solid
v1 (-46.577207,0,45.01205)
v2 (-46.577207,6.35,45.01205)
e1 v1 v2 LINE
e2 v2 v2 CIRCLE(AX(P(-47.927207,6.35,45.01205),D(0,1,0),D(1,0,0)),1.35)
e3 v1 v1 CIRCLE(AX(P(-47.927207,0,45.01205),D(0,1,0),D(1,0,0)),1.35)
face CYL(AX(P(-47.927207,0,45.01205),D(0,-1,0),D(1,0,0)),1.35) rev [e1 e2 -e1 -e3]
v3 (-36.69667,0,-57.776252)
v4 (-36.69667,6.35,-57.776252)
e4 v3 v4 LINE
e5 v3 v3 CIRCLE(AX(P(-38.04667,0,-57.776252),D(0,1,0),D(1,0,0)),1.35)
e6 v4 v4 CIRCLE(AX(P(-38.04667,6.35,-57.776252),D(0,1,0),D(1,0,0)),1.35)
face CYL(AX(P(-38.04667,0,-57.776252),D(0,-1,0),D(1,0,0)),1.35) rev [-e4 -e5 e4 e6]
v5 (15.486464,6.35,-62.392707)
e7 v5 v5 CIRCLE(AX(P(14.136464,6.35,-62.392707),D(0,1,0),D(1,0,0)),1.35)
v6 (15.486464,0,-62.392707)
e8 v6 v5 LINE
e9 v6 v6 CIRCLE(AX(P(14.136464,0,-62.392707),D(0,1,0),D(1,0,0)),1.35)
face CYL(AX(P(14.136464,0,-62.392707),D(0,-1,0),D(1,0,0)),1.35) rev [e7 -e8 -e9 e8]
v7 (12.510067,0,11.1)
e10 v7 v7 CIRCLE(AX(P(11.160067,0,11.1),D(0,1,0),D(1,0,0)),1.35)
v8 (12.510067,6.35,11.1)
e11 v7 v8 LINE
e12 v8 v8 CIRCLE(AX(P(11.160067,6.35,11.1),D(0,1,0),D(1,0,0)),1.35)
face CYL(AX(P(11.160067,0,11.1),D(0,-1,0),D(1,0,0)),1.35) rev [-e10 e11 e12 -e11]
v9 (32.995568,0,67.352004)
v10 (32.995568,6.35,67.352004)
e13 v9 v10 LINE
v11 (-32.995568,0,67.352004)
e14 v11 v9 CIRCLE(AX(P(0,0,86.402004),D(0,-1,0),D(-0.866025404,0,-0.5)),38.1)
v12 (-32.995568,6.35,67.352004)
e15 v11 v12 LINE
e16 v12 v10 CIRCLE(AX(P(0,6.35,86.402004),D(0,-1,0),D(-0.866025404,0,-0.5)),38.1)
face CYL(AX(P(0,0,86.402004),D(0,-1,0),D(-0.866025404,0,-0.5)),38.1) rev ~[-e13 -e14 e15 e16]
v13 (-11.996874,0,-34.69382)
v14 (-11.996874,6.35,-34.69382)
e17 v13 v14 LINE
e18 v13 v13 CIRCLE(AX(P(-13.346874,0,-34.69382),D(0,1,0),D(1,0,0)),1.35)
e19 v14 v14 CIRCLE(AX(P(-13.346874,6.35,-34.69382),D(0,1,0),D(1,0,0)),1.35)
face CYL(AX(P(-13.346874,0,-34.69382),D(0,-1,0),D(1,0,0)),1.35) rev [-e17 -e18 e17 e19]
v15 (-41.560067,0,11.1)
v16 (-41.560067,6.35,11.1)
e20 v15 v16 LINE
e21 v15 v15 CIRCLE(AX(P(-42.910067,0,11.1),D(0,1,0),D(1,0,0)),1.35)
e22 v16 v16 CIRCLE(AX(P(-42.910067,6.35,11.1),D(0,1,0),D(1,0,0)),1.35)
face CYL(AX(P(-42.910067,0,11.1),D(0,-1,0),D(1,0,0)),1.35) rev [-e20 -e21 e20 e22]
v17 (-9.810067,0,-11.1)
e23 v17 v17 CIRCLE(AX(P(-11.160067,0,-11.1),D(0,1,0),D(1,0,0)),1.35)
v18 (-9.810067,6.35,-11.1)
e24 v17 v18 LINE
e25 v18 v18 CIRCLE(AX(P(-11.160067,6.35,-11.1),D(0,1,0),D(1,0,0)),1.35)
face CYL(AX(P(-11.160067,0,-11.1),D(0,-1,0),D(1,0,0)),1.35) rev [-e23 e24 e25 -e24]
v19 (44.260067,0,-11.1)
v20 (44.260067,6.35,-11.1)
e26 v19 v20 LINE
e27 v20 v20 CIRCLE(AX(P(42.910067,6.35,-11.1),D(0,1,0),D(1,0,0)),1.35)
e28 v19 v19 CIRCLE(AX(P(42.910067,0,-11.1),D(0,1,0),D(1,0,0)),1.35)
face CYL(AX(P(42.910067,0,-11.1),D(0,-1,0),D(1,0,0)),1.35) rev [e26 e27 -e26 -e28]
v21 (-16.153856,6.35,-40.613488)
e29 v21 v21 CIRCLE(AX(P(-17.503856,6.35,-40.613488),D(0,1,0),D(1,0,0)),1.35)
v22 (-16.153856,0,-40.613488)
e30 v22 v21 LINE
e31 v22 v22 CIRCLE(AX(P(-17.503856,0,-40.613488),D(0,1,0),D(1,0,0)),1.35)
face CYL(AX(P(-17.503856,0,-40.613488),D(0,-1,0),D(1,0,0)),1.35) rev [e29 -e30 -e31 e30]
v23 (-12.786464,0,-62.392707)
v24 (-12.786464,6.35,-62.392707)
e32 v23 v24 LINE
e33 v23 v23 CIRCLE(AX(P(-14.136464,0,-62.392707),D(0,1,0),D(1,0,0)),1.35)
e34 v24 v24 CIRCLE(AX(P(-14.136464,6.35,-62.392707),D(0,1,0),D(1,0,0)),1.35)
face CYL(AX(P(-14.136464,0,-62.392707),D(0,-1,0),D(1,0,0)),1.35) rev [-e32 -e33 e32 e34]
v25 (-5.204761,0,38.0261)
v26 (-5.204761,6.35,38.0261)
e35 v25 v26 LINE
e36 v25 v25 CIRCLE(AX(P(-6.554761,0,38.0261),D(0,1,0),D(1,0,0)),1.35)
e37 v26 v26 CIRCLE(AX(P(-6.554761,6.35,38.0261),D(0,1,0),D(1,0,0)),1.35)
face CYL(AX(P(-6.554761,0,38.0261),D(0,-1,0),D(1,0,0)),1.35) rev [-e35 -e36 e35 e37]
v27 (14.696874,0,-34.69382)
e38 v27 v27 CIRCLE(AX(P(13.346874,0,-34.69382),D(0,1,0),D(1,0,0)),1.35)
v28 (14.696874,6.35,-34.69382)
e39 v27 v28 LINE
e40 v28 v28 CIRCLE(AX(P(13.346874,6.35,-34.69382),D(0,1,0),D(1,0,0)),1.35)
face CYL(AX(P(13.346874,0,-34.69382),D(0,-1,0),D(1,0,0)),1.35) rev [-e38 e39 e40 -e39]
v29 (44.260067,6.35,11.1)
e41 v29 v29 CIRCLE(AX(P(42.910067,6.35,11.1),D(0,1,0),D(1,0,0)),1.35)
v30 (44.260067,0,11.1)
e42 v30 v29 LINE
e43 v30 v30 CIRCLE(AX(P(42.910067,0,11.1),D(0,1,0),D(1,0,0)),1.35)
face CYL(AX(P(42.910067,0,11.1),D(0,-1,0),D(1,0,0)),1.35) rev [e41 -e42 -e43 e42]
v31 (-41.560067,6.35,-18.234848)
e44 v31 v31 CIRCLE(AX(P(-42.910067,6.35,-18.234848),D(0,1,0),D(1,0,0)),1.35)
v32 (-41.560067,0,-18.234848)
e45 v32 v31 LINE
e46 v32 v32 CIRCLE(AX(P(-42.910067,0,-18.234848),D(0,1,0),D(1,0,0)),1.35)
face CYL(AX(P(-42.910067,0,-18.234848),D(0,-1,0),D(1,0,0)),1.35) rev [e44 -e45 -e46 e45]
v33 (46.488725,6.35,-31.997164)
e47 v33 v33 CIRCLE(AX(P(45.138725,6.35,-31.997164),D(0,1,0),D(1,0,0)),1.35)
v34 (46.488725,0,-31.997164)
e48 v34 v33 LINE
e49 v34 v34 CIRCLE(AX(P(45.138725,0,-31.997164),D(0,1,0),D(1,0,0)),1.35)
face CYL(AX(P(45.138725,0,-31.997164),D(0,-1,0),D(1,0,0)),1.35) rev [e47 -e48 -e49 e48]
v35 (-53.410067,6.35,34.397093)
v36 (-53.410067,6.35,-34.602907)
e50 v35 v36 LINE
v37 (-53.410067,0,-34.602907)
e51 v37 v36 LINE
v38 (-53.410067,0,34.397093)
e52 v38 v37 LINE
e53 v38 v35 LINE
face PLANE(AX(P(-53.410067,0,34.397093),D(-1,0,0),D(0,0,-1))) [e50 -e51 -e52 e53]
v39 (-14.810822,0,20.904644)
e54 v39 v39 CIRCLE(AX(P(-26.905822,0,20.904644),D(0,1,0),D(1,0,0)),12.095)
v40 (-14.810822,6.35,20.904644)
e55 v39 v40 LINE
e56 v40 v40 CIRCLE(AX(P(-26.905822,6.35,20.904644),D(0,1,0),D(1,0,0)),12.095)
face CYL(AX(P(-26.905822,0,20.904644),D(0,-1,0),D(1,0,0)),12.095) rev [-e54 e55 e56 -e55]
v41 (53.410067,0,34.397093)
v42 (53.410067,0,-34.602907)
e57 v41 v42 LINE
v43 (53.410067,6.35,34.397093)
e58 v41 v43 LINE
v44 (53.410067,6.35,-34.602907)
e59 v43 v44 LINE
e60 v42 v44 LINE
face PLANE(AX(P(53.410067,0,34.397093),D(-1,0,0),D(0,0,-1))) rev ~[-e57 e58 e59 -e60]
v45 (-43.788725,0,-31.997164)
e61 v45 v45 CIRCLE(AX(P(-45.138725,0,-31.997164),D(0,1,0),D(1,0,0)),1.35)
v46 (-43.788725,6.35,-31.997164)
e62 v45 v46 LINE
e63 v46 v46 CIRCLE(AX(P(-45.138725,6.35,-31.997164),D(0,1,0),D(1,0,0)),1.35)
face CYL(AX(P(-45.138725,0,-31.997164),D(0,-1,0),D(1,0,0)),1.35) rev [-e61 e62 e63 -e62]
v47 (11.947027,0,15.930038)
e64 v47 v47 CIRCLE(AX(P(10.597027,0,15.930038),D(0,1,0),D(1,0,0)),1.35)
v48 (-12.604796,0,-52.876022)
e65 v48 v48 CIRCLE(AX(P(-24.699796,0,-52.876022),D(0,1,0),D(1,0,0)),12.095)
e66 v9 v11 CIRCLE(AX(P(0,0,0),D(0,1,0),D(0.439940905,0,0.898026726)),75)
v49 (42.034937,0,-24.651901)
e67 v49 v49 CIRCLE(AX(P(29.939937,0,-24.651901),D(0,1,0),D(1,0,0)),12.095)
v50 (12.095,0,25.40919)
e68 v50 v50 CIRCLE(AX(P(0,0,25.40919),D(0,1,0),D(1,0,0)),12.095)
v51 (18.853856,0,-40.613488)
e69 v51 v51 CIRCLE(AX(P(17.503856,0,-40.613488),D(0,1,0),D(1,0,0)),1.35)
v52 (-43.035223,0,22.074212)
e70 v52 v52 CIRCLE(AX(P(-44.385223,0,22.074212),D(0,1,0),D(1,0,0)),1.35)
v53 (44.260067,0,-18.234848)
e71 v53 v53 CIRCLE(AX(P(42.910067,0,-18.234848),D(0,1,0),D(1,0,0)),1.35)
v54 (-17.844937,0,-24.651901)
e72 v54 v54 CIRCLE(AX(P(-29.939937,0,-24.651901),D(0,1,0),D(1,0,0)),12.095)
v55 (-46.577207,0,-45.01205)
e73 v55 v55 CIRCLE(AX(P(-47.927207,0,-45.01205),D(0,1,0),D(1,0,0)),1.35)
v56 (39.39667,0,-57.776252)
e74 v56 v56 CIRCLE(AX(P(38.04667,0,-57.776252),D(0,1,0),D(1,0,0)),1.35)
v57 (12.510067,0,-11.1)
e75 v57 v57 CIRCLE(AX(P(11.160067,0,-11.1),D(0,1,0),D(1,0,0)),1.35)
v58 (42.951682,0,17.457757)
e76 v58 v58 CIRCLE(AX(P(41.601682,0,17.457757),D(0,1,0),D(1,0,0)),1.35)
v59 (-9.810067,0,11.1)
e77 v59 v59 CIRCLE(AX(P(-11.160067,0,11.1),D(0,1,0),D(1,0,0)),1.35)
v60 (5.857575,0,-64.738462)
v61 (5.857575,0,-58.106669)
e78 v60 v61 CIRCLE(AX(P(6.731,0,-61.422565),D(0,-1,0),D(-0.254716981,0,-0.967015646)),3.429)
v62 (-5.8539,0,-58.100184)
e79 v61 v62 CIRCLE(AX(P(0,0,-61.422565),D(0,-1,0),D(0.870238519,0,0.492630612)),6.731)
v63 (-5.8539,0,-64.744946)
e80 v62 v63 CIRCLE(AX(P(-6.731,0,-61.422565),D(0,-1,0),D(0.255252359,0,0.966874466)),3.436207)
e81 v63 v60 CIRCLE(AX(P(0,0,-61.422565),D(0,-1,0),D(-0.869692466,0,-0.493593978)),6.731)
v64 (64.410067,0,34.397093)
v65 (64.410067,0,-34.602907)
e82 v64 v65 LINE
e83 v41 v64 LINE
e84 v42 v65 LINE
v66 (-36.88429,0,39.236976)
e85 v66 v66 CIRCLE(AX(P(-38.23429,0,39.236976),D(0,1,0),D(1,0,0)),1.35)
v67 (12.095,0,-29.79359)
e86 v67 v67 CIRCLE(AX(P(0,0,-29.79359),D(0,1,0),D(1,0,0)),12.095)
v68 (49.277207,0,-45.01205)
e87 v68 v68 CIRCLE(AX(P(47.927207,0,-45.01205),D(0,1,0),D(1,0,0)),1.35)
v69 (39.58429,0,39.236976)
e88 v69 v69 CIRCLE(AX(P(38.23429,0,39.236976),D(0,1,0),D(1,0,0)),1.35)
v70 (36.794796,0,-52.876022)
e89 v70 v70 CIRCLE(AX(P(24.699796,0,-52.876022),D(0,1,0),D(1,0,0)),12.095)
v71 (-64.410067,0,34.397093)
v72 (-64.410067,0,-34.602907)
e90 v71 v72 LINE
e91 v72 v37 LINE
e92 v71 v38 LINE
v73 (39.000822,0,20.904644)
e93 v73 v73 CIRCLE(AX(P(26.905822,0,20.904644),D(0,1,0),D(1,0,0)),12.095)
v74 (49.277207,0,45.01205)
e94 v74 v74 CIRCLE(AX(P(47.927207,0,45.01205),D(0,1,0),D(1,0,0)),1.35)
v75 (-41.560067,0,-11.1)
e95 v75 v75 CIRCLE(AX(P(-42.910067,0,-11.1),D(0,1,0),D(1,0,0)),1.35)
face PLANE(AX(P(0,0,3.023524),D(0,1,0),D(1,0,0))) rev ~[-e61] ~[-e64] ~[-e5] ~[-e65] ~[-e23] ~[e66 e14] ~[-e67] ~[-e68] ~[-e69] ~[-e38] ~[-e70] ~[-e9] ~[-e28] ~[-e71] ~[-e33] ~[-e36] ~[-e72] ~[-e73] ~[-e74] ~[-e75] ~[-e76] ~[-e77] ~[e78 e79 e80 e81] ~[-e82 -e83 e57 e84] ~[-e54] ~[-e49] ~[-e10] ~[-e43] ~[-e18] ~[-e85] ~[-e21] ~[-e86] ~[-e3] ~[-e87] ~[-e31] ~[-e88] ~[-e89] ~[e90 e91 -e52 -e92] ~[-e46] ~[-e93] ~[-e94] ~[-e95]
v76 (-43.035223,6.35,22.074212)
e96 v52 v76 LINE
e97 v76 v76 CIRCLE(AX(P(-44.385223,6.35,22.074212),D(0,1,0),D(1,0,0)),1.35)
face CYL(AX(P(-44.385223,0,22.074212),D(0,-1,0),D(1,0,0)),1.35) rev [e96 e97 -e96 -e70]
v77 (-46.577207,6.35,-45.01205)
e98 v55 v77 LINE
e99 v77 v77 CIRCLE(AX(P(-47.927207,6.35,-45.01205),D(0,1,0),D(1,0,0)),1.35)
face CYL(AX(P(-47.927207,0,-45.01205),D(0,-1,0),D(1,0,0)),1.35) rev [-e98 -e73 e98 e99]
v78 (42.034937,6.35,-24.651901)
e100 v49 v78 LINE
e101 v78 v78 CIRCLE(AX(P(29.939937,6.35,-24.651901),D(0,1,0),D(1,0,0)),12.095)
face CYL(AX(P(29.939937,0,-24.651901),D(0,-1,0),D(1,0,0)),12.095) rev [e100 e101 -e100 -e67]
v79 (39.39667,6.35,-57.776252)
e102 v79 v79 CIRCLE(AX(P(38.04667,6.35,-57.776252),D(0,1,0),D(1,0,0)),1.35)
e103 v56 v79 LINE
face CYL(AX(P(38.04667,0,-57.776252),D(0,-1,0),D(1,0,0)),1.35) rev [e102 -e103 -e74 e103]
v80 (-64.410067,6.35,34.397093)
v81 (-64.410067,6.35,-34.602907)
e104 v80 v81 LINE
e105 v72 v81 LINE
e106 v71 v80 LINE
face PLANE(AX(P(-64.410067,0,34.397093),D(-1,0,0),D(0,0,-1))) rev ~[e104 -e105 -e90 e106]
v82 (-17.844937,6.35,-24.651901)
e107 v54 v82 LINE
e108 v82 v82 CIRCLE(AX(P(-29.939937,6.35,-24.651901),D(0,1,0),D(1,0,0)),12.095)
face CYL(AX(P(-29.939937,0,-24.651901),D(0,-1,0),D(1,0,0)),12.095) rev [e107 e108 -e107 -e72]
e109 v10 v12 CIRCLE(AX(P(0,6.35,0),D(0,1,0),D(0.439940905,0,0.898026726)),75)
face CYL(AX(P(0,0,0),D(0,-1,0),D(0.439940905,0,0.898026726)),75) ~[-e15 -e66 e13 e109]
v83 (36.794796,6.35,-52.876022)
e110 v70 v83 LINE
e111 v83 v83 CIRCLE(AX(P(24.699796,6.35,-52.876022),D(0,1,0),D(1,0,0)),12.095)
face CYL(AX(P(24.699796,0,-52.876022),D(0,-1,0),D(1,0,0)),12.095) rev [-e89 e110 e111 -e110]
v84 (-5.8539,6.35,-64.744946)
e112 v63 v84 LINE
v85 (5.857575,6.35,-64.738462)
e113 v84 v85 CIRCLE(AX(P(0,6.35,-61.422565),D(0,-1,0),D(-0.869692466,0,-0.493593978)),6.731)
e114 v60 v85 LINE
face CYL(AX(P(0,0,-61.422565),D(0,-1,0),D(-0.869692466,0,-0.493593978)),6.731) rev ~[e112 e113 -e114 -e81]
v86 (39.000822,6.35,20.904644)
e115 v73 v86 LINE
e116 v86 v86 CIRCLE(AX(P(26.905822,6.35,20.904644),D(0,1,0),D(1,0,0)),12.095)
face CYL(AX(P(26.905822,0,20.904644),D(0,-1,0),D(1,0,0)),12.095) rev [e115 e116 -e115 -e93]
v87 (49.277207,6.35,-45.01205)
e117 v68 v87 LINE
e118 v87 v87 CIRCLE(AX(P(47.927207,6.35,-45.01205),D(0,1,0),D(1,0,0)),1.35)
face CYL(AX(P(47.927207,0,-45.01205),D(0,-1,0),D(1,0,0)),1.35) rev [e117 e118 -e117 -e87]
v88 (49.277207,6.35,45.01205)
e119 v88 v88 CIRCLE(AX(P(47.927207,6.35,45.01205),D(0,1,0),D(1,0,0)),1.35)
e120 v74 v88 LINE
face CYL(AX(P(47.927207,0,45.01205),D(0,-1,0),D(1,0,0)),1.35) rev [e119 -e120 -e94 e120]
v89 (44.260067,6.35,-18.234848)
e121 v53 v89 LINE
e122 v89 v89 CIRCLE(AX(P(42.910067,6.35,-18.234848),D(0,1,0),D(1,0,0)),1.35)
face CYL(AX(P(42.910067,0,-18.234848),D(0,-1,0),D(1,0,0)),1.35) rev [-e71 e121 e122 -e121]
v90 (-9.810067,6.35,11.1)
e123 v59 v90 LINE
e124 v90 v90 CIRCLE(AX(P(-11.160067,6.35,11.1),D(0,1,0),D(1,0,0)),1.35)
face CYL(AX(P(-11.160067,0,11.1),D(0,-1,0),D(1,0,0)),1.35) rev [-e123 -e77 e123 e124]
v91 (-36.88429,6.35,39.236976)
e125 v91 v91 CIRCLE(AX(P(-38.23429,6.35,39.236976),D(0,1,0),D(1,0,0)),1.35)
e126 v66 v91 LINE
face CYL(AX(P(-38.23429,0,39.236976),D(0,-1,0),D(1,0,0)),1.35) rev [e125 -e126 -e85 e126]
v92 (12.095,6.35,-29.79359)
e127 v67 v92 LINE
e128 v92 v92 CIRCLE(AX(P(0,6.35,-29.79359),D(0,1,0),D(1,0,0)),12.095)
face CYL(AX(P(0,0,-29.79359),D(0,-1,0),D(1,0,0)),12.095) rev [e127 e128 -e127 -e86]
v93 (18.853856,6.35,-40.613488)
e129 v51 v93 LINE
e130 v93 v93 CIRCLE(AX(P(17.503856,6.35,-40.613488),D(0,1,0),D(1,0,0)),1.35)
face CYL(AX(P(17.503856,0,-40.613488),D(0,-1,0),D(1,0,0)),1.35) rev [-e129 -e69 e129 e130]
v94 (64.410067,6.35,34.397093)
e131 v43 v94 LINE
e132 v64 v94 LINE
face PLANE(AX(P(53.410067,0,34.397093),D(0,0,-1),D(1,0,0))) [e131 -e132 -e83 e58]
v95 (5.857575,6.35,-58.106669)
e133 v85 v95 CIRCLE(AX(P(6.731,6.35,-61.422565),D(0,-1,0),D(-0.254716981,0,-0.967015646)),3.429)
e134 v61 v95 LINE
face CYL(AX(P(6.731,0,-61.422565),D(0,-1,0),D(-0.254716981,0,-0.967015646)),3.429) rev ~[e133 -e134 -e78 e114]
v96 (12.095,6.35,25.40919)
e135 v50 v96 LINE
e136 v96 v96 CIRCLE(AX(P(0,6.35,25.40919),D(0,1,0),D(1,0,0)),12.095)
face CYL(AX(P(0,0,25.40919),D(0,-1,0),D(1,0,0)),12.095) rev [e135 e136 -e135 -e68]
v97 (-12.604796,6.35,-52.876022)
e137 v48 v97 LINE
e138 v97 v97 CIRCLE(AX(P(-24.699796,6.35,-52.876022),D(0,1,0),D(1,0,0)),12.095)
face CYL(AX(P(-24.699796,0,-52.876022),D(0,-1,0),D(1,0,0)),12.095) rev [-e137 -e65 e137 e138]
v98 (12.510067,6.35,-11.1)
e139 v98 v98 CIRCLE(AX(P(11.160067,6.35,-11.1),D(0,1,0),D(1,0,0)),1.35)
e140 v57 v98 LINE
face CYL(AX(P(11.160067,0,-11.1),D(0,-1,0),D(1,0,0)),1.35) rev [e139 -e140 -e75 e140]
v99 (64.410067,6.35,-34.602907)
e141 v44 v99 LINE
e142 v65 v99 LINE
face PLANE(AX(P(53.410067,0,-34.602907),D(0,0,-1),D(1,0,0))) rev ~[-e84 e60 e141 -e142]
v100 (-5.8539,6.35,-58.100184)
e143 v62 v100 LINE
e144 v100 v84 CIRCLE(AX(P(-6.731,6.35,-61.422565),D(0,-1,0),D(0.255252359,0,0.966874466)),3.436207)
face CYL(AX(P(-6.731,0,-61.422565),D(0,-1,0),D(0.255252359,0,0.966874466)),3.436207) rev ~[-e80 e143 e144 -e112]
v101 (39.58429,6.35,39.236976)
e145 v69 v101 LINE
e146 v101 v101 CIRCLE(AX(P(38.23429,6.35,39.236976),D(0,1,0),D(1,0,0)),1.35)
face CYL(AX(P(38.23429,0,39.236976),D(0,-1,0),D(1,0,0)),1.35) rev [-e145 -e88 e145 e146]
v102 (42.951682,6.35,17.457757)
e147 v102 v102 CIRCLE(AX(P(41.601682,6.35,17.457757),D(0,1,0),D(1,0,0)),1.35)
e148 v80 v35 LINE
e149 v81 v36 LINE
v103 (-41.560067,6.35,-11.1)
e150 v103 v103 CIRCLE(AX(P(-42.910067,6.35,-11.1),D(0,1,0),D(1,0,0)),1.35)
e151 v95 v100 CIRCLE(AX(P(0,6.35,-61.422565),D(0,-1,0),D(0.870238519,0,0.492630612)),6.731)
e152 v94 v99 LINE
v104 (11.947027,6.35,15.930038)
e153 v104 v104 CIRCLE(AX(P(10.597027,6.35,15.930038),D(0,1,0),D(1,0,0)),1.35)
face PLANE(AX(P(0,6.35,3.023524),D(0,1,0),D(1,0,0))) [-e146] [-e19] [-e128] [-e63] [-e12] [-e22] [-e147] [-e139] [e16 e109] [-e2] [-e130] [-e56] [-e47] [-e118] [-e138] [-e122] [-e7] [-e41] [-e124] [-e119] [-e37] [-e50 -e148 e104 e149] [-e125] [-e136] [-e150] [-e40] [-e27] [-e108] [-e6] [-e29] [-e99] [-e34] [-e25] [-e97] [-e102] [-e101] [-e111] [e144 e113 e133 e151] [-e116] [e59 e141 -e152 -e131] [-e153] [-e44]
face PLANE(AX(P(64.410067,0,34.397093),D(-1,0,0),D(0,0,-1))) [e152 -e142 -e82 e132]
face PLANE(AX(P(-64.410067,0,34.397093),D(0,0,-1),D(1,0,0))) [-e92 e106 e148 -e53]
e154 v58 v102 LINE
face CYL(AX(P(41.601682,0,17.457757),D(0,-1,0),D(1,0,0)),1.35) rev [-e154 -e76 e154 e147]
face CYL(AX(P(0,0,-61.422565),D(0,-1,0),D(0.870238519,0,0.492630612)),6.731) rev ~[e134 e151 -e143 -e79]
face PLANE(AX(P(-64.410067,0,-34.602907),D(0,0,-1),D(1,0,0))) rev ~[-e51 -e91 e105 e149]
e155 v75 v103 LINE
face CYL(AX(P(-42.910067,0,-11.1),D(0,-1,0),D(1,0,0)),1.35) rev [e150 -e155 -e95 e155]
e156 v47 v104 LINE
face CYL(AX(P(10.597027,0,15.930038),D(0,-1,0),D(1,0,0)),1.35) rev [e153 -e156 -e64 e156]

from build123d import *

# Parameters (mm, degrees)
SKETCH1_R           = 1.35
SKETCH1_R_2         = 12.095
SKETCH1_W           = 11
SKETCH1_H           = 69
BOSS_EXTRUDE2_DEPTH = 6.35


with BuildPart() as part:
    # Sketch1 → Boss-Extrude2 (new body)
    with BuildSketch(Plane(origin=(0, 0, 0), x_dir=(1, 0, 0), z_dir=(0, 1, 0))):
        with BuildLine():
            ThreePointArc((32.995567884, -67.352004425), (0, 75), (-32.995567884, -67.352004425))
            ThreePointArc((-32.995567884, -67.352004425), (0, -48.302004425), (32.995567884, -67.352004425))
        make_face()
        with Locations((-42.910067426, 11.1)):
            Circle(SKETCH1_R, mode=Mode.SUBTRACT)
        with Locations((-42.910067426, -11.1)):
            Circle(SKETCH1_R, mode=Mode.SUBTRACT)
        with Locations((-11.160067426, -11.1)):
            Circle(SKETCH1_R, mode=Mode.SUBTRACT)
        with Locations((-11.160067426, 11.1)):
            Circle(SKETCH1_R, mode=Mode.SUBTRACT)
        with Locations((11.160067426, 11.1)):
            Circle(SKETCH1_R, mode=Mode.SUBTRACT)
        with Locations((11.160067426, -11.1)):
            Circle(SKETCH1_R, mode=Mode.SUBTRACT)
        with Locations((42.910067426, -11.1)):
            Circle(SKETCH1_R, mode=Mode.SUBTRACT)
        with Locations((42.910067426, 11.1)):
            Circle(SKETCH1_R, mode=Mode.SUBTRACT)
        with Locations((26.905821676, -20.904643604)):
            Circle(SKETCH1_R_2, mode=Mode.SUBTRACT)
        with Locations((24.699796409, 52.876021886)):
            Circle(SKETCH1_R_2, mode=Mode.SUBTRACT)
        with Locations((0, 29.793589551)):
            Circle(SKETCH1_R_2, mode=Mode.SUBTRACT)
        with Locations((0, -25.409190322)):
            Circle(SKETCH1_R_2, mode=Mode.SUBTRACT)
        with Locations((29.939937248, 24.651901309)):
            Circle(SKETCH1_R_2, mode=Mode.SUBTRACT)
        with Locations((-26.905821676, -20.904643604)):
            Circle(SKETCH1_R_2, mode=Mode.SUBTRACT)
        with Locations((-29.939937248, 24.651901309)):
            Circle(SKETCH1_R_2, mode=Mode.SUBTRACT)
        with Locations((17.503855967, 40.613487823)):
            Circle(SKETCH1_R, mode=Mode.SUBTRACT)
        with Locations((14.136463763, 62.392707439)):
            Circle(SKETCH1_R, mode=Mode.SUBTRACT)
        with Locations((38.046670289, 57.776252301)):
            Circle(SKETCH1_R, mode=Mode.SUBTRACT)
        with Locations((-42.910067426, 18.234848025)):
            Circle(SKETCH1_R, mode=Mode.SUBTRACT)
        with Locations((42.910067426, 18.234848025)):
            Circle(SKETCH1_R, mode=Mode.SUBTRACT)
        with Locations((-24.699796409, 52.876021886)):
            Circle(SKETCH1_R_2, mode=Mode.SUBTRACT)
        with Locations((45.13872464, 31.997163897)):
            Circle(SKETCH1_R, mode=Mode.SUBTRACT)
        with Locations((-45.13872464, 31.997163897)):
            Circle(SKETCH1_R, mode=Mode.SUBTRACT)
        with Locations((13.346873881, 34.693819966)):
            Circle(SKETCH1_R, mode=Mode.SUBTRACT)
        with Locations((-6.55476095, -38.026099982)):
            Circle(SKETCH1_R, mode=Mode.SUBTRACT)
        with Locations((-13.346873881, 34.693819966)):
            Circle(SKETCH1_R, mode=Mode.SUBTRACT)
        with Locations((10.597026674, -15.930038136)):
            Circle(SKETCH1_R, mode=Mode.SUBTRACT)
        with Locations((-38.234289702, -39.23697625)):
            Circle(SKETCH1_R, mode=Mode.SUBTRACT)
        with Locations((-47.92720717, -45.01204963)):
            Circle(SKETCH1_R, mode=Mode.SUBTRACT)
        with Locations((-47.92720717, 45.01204963)):
            Circle(SKETCH1_R, mode=Mode.SUBTRACT)
        with Locations((47.92720717, -45.01204963)):
            Circle(SKETCH1_R, mode=Mode.SUBTRACT)
        with Locations((-38.046670289, 57.776252301)):
            Circle(SKETCH1_R, mode=Mode.SUBTRACT)
        with Locations((-14.136463763, 62.392707439)):
            Circle(SKETCH1_R, mode=Mode.SUBTRACT)
        with Locations((-17.503855967, 40.613487823)):
            Circle(SKETCH1_R, mode=Mode.SUBTRACT)
        with Locations((47.92720717, 45.01204963)):
            Circle(SKETCH1_R, mode=Mode.SUBTRACT)
        with Locations((-44.385223141, -22.074211772)):
            Circle(SKETCH1_R, mode=Mode.SUBTRACT)
        with Locations((41.601681906, -17.457756634)):
            Circle(SKETCH1_R, mode=Mode.SUBTRACT)
        with Locations((38.234289702, -39.23697625)):
            Circle(SKETCH1_R, mode=Mode.SUBTRACT)
        with Locations((58.910067426, 0.102907352)):
            Rectangle(SKETCH1_W, SKETCH1_H, mode=Mode.SUBTRACT)
        with Locations((-58.910067426, 0.102907352)):
            Rectangle(SKETCH1_W, SKETCH1_H, mode=Mode.SUBTRACT)
        with BuildLine():
            ThreePointArc((-5.853899988, 64.744946271), (0.003726822, 68.153564176), (5.857575472, 64.738461857))
            ThreePointArc((5.857575472, 64.738461857), (10.16, 61.422565207), (5.857575472, 58.106668557))
            ThreePointArc((5.857575472, 58.106668557), (0.003726822, 54.691566239), (-5.853899988, 58.100184144))
            ThreePointArc((-5.853899988, 58.100184144), (-10.167207264, 61.422565207), (-5.853899988, 64.744946271))
        make_face(mode=Mode.SUBTRACT)
    extrude(amount=BOSS_EXTRUDE2_DEPTH)


solid = part.part
